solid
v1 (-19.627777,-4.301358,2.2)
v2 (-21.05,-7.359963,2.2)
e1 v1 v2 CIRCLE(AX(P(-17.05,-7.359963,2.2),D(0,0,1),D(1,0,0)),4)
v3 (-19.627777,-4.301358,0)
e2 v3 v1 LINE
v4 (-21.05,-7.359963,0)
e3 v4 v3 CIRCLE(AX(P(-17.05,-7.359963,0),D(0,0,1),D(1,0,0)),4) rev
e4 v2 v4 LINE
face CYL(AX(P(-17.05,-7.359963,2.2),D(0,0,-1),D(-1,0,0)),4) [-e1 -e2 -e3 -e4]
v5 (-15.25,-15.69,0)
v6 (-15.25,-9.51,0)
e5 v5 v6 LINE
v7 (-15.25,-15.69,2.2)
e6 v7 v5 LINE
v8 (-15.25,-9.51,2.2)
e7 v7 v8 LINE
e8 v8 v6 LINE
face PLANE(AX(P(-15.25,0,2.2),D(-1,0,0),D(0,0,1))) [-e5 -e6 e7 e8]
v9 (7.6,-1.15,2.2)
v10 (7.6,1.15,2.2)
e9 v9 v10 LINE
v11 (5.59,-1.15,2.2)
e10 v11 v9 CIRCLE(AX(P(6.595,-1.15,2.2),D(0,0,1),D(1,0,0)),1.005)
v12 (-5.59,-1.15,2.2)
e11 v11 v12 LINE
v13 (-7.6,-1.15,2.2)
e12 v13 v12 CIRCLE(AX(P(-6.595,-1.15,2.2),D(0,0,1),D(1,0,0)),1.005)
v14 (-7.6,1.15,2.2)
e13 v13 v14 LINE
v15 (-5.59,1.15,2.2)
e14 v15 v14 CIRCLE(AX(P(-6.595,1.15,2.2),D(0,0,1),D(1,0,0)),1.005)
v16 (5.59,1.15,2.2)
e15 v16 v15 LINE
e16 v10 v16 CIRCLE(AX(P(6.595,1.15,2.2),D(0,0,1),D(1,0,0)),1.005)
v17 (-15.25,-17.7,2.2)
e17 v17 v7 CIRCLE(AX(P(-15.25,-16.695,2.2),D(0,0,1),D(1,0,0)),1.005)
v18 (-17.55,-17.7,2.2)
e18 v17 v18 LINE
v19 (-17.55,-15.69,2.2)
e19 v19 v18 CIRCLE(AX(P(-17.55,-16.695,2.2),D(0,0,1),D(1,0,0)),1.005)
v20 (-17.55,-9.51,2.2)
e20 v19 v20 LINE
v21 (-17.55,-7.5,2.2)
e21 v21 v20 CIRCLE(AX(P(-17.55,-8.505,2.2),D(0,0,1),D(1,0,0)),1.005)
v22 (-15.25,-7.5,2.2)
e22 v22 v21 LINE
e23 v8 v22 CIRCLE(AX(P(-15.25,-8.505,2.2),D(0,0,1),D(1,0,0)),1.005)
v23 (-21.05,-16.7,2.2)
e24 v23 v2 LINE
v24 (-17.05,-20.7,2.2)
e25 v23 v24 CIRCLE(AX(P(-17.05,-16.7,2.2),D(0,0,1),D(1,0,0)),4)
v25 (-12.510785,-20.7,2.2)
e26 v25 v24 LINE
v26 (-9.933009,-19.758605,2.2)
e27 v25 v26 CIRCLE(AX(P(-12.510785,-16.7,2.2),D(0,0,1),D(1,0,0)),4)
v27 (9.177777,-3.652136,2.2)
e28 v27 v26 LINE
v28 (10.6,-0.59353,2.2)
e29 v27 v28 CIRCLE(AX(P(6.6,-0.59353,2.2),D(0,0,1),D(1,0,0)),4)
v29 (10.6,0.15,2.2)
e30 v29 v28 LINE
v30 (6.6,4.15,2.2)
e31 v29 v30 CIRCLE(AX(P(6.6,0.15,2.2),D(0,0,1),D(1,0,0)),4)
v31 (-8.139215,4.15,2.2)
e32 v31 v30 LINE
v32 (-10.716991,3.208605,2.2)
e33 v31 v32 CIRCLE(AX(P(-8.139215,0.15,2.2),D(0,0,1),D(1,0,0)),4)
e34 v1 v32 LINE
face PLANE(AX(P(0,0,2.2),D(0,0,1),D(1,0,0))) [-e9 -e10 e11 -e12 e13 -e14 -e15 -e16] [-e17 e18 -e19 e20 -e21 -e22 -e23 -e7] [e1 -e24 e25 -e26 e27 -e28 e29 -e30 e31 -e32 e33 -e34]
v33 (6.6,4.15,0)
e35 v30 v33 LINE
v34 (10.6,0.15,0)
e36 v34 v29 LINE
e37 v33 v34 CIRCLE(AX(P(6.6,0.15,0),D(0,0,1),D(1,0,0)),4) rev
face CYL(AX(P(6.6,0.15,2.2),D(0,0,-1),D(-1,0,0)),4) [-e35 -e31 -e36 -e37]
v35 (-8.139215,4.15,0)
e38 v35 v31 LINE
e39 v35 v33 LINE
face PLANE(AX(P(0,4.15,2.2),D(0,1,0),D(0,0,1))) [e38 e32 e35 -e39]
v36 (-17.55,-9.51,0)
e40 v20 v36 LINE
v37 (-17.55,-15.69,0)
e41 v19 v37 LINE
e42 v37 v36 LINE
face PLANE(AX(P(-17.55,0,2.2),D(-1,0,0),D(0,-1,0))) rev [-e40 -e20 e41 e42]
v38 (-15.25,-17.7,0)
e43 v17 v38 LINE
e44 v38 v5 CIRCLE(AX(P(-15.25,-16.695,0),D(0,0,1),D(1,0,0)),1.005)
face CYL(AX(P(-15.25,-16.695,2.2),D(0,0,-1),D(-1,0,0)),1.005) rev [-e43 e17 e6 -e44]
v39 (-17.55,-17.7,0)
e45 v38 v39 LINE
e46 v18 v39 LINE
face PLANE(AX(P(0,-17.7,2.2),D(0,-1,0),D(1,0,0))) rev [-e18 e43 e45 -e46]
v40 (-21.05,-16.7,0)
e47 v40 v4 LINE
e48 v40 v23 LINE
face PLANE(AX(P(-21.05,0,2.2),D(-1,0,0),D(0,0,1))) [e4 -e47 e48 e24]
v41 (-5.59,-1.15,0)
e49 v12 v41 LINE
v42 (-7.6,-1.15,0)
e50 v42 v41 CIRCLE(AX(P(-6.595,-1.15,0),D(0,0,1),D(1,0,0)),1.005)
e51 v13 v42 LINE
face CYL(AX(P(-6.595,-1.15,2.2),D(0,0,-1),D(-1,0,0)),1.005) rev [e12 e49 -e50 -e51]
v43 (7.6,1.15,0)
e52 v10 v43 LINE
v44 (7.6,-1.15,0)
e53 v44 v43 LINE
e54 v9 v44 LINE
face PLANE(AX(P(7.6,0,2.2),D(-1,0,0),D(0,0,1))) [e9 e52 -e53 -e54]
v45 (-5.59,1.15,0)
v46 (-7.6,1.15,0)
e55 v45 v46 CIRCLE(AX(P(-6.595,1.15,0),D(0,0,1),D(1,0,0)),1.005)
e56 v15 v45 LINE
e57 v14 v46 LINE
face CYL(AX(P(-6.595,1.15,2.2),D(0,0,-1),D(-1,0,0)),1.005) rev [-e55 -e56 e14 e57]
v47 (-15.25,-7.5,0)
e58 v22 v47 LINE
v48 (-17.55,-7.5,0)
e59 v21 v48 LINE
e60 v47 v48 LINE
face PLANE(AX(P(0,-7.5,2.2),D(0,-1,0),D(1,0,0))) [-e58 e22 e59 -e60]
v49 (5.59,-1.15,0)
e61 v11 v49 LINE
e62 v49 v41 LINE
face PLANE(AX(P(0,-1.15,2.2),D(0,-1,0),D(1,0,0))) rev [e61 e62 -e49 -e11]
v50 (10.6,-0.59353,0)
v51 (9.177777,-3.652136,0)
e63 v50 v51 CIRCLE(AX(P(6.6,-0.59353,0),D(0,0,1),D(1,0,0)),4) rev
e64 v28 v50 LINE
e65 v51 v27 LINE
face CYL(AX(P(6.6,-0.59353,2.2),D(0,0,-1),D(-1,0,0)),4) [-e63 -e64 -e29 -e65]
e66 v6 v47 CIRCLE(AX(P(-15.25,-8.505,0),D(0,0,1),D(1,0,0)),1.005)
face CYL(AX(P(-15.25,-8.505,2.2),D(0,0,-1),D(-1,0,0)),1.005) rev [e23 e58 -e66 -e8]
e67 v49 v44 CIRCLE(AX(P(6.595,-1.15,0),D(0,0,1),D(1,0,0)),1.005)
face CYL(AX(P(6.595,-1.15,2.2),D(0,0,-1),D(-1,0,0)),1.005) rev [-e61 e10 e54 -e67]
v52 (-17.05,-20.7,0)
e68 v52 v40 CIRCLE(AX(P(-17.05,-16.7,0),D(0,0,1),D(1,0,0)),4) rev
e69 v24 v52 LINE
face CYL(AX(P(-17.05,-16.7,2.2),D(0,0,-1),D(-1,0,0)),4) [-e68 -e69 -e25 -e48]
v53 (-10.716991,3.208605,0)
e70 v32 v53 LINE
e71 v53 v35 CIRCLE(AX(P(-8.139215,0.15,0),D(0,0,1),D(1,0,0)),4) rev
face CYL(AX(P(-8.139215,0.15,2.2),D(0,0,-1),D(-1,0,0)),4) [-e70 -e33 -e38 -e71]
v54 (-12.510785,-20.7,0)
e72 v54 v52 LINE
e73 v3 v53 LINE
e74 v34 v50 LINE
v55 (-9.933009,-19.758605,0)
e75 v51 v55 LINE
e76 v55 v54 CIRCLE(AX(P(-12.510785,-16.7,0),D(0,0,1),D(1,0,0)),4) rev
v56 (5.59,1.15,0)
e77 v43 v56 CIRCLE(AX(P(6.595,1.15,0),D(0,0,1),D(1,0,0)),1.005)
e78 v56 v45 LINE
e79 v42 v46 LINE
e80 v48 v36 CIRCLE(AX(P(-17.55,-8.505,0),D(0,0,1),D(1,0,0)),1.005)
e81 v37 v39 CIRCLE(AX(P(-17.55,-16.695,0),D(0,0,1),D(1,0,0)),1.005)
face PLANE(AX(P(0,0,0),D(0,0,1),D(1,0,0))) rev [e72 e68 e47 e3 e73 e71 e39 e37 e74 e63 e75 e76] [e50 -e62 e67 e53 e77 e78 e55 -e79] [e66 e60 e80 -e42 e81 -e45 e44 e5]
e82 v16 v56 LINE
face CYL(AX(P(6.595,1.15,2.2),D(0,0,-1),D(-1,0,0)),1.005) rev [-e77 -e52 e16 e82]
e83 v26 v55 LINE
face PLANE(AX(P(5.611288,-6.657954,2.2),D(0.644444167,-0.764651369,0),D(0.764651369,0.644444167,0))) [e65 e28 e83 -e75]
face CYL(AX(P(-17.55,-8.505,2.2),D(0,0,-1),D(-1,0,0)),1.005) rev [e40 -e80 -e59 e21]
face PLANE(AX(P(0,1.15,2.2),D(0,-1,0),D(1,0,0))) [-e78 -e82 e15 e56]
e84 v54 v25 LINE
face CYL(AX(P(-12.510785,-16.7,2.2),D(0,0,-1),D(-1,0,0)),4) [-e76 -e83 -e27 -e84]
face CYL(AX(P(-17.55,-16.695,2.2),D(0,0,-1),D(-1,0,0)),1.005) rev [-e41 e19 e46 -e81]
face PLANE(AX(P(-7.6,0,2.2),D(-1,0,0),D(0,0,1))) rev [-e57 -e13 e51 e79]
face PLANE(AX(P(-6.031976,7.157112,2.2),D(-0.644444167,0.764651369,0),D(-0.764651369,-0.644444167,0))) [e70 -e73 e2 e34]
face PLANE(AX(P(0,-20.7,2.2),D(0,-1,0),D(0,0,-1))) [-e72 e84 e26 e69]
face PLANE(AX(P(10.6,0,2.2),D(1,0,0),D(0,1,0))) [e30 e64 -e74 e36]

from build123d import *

# Parameters (mm, degrees)
EXTRUDE_1_DEPTH = 2.2
FILLET_1_R      = 4


with BuildPart() as part:
    # 草图1 → 凸台-拉伸1 (new body)
    with BuildSketch(Plane.XY):
        Polygon((10.6, 4.15), (-9.6, 4.15), (-21.05, -5.5), (-21.05, -20.7), (-11.05, -20.7), (10.6, -2.45349345), align=None)
        with BuildLine():
            ThreePointArc((-14.245, -16.695), (-14.539357685, -17.405642315), (-15.25, -17.7))
            Line((-15.25, -17.7), (-17.55, -17.7))
            ThreePointArc((-17.55, -17.7), (-18.555, -16.695), (-17.55, -15.69))
            Line((-17.55, -15.69), (-17.55, -9.51))
            ThreePointArc((-17.55, -9.51), (-18.555, -8.505), (-17.55, -7.5))
            Line((-17.55, -7.5), (-15.25, -7.5))
            ThreePointArc((-15.25, -7.5), (-14.539357685, -7.794357685), (-14.245, -8.505))
            ThreePointArc((-14.245, -8.505), (-14.539357685, -9.215642315), (-15.25, -9.51))
            Line((-15.25, -9.51), (-15.25, -15.69))
            ThreePointArc((-15.25, -15.69), (-14.539357685, -15.984357685), (-14.245, -16.695))
        make_face(mode=Mode.SUBTRACT)
        with BuildLine():
            Line((5.59, -1.15), (-5.59, -1.15))
            ThreePointArc((-5.59, -1.15), (-6.595, -2.155), (-7.6, -1.15))
            Line((-7.6, -1.15), (-7.6, 1.15))
            ThreePointArc((-7.6, 1.15), (-6.595, 2.155), (-5.59, 1.15))
            Line((-5.59, 1.15), (5.59, 1.15))
            ThreePointArc((5.59, 1.15), (6.595, 2.155), (7.6, 1.15))
            Line((7.6, 1.15), (7.6, -1.15))
            ThreePointArc((7.6, -1.15), (6.595, -2.155), (5.59, -1.15))
        make_face(mode=Mode.SUBTRACT)
    extrude(amount=EXTRUDE_1_DEPTH)

    # 圆角1
    fillet_1_edges = [part.edges().sort_by_distance(p)[0] for p in [
        (-9.6, 4.15, 1.1),
        (10.6, 4.15, 1.1),
        (10.6, -2.45349345, 1.1),
        (-11.05, -20.7, 1.1),
        (-21.05, -20.7, 1.1),
        (-21.05, -5.5, 1.1),
    ]]
    fillet(fillet_1_edges, radius=FILLET_1_R)


solid = part.part
